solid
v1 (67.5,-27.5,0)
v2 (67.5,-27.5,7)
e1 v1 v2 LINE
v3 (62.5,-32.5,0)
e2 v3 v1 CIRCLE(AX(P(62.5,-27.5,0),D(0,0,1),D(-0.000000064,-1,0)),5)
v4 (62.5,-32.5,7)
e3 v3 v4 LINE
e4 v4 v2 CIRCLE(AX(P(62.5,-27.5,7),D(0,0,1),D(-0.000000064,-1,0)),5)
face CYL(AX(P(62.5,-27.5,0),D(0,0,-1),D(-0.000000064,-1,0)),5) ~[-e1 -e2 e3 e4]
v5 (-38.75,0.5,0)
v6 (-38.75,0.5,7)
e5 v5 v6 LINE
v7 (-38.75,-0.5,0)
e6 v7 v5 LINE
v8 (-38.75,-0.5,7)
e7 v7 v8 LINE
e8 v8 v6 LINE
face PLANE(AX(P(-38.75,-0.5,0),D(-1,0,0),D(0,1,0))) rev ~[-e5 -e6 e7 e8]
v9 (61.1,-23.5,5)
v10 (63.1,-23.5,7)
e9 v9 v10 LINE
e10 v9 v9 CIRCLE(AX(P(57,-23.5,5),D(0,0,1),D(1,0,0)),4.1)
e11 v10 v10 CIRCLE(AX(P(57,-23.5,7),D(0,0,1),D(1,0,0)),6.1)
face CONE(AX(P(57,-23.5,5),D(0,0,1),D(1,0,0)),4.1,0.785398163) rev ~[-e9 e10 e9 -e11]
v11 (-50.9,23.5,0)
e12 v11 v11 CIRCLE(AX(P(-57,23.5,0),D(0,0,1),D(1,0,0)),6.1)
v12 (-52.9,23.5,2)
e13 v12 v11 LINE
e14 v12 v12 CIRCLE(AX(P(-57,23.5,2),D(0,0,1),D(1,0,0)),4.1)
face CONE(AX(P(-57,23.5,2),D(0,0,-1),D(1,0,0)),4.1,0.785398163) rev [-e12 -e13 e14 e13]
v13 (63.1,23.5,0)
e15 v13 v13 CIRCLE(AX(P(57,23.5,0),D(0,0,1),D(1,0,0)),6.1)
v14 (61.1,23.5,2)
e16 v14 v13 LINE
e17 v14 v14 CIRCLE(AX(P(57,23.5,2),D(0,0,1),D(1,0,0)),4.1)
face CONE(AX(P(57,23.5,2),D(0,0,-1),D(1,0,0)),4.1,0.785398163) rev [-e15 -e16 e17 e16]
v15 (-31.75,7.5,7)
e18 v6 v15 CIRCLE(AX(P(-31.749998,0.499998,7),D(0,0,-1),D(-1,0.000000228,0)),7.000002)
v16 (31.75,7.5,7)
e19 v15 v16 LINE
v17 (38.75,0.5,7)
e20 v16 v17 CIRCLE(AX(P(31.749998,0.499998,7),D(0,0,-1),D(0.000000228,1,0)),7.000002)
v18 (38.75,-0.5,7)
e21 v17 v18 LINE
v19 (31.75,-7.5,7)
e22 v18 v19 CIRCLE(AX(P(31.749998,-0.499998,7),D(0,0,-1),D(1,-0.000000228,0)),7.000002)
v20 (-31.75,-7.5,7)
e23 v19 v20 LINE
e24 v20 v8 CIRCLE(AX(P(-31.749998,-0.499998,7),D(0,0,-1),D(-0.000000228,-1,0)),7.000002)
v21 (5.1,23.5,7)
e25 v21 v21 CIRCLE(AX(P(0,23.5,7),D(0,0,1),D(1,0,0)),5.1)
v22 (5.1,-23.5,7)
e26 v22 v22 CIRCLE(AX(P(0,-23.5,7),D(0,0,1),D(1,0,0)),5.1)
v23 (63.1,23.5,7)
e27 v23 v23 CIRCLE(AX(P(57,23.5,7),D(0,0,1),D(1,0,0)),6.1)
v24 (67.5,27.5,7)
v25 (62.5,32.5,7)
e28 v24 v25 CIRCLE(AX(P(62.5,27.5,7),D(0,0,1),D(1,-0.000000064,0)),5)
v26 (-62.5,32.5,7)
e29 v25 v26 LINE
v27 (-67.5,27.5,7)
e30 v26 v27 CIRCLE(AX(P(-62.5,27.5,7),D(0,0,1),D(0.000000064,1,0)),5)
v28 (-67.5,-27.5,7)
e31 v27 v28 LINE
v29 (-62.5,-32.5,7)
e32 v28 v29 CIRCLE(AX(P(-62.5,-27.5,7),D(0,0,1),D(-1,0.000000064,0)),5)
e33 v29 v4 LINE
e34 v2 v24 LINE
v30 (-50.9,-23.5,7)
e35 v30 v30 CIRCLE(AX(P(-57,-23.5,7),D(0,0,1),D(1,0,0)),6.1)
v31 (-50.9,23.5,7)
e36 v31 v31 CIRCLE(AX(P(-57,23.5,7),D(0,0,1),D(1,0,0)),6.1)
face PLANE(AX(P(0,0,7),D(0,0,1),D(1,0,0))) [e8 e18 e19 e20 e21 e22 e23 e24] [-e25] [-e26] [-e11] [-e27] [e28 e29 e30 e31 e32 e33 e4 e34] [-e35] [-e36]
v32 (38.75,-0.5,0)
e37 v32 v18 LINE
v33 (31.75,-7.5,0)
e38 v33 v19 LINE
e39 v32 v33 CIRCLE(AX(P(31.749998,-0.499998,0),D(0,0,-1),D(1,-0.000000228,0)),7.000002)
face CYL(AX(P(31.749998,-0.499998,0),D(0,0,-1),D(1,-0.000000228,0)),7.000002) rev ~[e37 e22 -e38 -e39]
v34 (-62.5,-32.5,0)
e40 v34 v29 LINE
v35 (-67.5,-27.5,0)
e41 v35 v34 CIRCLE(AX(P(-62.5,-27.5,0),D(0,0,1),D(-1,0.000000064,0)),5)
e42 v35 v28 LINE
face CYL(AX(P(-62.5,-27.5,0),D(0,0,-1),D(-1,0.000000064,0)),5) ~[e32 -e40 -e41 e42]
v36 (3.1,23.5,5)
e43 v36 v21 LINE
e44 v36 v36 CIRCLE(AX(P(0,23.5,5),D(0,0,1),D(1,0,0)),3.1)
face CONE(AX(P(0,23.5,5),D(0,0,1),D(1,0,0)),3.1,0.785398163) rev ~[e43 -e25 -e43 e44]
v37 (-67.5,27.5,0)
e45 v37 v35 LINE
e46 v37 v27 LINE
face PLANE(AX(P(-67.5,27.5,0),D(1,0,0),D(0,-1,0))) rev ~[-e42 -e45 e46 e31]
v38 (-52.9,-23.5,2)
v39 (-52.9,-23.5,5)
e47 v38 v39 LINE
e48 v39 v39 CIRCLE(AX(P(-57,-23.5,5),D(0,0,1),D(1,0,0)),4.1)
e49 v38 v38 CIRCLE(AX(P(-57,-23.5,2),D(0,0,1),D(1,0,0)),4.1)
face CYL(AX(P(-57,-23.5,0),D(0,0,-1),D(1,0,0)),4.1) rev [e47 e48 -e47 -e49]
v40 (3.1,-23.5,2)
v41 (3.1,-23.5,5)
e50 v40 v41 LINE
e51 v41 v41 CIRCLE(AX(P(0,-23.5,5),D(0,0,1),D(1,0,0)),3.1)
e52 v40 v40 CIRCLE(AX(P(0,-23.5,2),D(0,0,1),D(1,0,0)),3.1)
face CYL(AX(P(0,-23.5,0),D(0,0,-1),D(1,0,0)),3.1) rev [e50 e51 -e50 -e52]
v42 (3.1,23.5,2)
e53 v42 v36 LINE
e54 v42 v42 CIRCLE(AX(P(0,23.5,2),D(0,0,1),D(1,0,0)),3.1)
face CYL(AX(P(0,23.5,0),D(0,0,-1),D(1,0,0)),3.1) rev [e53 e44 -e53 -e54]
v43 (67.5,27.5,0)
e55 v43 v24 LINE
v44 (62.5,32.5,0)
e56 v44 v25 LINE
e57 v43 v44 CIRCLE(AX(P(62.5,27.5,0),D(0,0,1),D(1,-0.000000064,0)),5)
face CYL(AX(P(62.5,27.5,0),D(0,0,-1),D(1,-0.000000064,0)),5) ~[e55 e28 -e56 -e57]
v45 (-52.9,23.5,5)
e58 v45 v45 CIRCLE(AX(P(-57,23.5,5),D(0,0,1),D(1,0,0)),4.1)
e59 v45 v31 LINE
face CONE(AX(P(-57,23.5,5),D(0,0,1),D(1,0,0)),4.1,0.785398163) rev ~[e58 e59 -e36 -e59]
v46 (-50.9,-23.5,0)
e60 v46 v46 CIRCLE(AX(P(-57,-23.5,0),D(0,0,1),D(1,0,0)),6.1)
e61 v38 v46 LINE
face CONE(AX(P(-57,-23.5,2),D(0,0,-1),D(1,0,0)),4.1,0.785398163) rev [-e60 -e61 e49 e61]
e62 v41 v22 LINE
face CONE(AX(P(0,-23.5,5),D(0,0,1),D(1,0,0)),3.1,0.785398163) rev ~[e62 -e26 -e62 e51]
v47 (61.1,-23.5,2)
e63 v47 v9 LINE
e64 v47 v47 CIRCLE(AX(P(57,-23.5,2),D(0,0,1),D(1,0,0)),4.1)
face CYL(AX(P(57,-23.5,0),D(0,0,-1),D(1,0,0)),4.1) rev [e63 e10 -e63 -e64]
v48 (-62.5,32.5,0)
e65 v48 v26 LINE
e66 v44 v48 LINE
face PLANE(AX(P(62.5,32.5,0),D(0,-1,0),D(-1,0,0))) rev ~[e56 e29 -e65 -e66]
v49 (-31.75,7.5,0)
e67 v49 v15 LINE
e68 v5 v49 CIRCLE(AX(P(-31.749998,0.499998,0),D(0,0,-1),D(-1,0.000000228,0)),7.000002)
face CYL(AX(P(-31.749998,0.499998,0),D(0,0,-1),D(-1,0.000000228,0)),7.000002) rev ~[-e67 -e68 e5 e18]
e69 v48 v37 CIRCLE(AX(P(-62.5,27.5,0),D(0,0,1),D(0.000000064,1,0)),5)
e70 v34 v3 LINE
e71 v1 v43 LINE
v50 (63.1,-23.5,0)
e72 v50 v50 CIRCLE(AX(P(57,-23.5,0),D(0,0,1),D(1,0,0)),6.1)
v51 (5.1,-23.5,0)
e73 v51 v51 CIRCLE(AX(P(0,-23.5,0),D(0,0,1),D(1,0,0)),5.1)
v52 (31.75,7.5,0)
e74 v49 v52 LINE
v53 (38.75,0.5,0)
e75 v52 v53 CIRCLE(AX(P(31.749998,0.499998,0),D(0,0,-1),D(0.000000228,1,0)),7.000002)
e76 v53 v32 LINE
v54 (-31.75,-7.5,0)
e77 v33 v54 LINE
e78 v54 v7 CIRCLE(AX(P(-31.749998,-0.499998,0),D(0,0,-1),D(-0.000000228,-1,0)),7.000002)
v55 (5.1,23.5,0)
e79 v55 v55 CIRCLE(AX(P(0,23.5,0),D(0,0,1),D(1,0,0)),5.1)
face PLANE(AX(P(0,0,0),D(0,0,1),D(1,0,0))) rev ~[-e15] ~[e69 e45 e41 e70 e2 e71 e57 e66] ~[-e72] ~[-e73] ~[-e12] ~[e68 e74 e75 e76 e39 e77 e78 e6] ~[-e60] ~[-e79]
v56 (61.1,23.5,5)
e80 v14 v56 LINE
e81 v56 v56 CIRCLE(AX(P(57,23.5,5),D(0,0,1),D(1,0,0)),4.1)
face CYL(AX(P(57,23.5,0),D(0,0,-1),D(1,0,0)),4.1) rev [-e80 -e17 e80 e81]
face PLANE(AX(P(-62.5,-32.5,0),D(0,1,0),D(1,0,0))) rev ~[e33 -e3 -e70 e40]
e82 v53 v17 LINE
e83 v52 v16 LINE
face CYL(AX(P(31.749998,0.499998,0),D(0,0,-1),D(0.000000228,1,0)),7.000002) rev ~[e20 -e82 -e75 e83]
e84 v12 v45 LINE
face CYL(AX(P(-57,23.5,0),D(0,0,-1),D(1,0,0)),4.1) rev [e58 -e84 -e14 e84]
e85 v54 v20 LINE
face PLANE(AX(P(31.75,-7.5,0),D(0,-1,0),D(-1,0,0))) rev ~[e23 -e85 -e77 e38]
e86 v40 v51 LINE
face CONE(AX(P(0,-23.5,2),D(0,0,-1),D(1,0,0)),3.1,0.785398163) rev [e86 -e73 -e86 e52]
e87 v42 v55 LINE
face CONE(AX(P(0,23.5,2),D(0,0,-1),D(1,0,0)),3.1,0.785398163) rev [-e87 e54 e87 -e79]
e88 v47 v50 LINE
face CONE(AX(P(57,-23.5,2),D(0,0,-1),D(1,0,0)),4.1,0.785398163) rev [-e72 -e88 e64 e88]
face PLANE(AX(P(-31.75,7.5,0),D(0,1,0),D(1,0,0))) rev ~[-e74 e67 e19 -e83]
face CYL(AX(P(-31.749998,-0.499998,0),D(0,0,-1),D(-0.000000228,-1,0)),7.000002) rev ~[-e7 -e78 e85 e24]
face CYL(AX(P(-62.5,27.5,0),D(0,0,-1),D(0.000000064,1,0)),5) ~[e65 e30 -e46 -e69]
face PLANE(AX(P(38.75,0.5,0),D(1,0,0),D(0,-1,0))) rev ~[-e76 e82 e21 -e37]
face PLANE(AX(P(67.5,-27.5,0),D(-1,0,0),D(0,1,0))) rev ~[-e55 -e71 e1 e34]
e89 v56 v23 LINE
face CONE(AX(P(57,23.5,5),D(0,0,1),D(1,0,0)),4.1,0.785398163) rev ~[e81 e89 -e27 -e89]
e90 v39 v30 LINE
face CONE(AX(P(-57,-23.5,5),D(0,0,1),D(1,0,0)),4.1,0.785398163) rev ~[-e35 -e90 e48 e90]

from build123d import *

# Parameters (mm, degrees)
F0_R     = 4.1
F0_R_2   = 3.1
F1_DEPTH = 7
F2_SIZE  = 2


with BuildPart() as f1:
    # F0 (on Top) → F1 (new body)
    with BuildSketch(Plane.XY):
        with BuildLine():
            ThreePointArc((67.5, 27.5), (66.035534, 31.035534), (62.5, 32.5))
            Line((62.5, 32.5), (-62.5, 32.5))
            ThreePointArc((-62.5, 32.5), (-66.035534, 31.035534), (-67.5, 27.5))
            Line((-67.5, 27.5), (-67.5, -27.5))
            ThreePointArc((-67.5, -27.5), (-66.035534, -31.035534), (-62.5, -32.5))
            Line((-62.5, -32.5), (62.5, -32.5))
            ThreePointArc((62.5, -32.5), (66.035534, -31.035534), (67.5, -27.5))
            Line((67.5, -27.5), (67.5, 27.5))
        make_face()
        with Locations((-57, -23.5)):
            Circle(F0_R, mode=Mode.SUBTRACT)
        with Locations((0, -23.5)):
            Circle(F0_R_2, mode=Mode.SUBTRACT)
        with Locations((57, -23.5)):
            Circle(F0_R, mode=Mode.SUBTRACT)
        with Locations((-57, 23.5)):
            Circle(F0_R, mode=Mode.SUBTRACT)
        with BuildLine():
            Line((-31.75, 7.5), (31.75, 7.5))
            ThreePointArc((31.75, 7.5), (36.699747, 5.449747), (38.75, 0.5))
            Line((38.75, 0.5), (38.75, -0.5))
            ThreePointArc((38.75, -0.5), (36.699747, -5.449747), (31.75, -7.5))
            Line((31.75, -7.5), (-31.75, -7.5))
            ThreePointArc((-31.75, -7.5), (-36.699747, -5.449747), (-38.75, -0.5))
            Line((-38.75, -0.5), (-38.75, 0.5))
            ThreePointArc((-38.75, 0.5), (-36.699747, 5.449747), (-31.75, 7.5))
        make_face(mode=Mode.SUBTRACT)
        with Locations((0, 23.5)):
            Circle(F0_R_2, mode=Mode.SUBTRACT)
        with Locations((57, 23.5)):
            Circle(F0_R, mode=Mode.SUBTRACT)
    extrude(amount=F1_DEPTH)

    # F2
    f2_edges = [f1.edges().sort_by_distance(p)[0] for p in [
        (-52.9, -23.5, 3.5),
        (-61.1, -23.5, 0),
        (-61.1, -23.5, 7),
        (-52.9, 23.5, 3.5),
        (-61.1, 23.5, 0),
        (-61.1, 23.5, 7),
        (3.1, 23.5, 3.5),
        (-3.1, 23.5, 0),
        (-3.1, 23.5, 7),
        (61.1, 23.5, 3.5),
        (52.9, 23.5, 0),
        (52.9, 23.5, 7),
        (61.1, -23.5, 3.5),
        (52.9, -23.5, 0),
        (52.9, -23.5, 7),
        (3.1, -23.5, 3.5),
        (-3.1, -23.5, 0),
        (-3.1, -23.5, 7),
    ]]
    chamfer(f2_edges, length=F2_SIZE)


solid = f1.part
